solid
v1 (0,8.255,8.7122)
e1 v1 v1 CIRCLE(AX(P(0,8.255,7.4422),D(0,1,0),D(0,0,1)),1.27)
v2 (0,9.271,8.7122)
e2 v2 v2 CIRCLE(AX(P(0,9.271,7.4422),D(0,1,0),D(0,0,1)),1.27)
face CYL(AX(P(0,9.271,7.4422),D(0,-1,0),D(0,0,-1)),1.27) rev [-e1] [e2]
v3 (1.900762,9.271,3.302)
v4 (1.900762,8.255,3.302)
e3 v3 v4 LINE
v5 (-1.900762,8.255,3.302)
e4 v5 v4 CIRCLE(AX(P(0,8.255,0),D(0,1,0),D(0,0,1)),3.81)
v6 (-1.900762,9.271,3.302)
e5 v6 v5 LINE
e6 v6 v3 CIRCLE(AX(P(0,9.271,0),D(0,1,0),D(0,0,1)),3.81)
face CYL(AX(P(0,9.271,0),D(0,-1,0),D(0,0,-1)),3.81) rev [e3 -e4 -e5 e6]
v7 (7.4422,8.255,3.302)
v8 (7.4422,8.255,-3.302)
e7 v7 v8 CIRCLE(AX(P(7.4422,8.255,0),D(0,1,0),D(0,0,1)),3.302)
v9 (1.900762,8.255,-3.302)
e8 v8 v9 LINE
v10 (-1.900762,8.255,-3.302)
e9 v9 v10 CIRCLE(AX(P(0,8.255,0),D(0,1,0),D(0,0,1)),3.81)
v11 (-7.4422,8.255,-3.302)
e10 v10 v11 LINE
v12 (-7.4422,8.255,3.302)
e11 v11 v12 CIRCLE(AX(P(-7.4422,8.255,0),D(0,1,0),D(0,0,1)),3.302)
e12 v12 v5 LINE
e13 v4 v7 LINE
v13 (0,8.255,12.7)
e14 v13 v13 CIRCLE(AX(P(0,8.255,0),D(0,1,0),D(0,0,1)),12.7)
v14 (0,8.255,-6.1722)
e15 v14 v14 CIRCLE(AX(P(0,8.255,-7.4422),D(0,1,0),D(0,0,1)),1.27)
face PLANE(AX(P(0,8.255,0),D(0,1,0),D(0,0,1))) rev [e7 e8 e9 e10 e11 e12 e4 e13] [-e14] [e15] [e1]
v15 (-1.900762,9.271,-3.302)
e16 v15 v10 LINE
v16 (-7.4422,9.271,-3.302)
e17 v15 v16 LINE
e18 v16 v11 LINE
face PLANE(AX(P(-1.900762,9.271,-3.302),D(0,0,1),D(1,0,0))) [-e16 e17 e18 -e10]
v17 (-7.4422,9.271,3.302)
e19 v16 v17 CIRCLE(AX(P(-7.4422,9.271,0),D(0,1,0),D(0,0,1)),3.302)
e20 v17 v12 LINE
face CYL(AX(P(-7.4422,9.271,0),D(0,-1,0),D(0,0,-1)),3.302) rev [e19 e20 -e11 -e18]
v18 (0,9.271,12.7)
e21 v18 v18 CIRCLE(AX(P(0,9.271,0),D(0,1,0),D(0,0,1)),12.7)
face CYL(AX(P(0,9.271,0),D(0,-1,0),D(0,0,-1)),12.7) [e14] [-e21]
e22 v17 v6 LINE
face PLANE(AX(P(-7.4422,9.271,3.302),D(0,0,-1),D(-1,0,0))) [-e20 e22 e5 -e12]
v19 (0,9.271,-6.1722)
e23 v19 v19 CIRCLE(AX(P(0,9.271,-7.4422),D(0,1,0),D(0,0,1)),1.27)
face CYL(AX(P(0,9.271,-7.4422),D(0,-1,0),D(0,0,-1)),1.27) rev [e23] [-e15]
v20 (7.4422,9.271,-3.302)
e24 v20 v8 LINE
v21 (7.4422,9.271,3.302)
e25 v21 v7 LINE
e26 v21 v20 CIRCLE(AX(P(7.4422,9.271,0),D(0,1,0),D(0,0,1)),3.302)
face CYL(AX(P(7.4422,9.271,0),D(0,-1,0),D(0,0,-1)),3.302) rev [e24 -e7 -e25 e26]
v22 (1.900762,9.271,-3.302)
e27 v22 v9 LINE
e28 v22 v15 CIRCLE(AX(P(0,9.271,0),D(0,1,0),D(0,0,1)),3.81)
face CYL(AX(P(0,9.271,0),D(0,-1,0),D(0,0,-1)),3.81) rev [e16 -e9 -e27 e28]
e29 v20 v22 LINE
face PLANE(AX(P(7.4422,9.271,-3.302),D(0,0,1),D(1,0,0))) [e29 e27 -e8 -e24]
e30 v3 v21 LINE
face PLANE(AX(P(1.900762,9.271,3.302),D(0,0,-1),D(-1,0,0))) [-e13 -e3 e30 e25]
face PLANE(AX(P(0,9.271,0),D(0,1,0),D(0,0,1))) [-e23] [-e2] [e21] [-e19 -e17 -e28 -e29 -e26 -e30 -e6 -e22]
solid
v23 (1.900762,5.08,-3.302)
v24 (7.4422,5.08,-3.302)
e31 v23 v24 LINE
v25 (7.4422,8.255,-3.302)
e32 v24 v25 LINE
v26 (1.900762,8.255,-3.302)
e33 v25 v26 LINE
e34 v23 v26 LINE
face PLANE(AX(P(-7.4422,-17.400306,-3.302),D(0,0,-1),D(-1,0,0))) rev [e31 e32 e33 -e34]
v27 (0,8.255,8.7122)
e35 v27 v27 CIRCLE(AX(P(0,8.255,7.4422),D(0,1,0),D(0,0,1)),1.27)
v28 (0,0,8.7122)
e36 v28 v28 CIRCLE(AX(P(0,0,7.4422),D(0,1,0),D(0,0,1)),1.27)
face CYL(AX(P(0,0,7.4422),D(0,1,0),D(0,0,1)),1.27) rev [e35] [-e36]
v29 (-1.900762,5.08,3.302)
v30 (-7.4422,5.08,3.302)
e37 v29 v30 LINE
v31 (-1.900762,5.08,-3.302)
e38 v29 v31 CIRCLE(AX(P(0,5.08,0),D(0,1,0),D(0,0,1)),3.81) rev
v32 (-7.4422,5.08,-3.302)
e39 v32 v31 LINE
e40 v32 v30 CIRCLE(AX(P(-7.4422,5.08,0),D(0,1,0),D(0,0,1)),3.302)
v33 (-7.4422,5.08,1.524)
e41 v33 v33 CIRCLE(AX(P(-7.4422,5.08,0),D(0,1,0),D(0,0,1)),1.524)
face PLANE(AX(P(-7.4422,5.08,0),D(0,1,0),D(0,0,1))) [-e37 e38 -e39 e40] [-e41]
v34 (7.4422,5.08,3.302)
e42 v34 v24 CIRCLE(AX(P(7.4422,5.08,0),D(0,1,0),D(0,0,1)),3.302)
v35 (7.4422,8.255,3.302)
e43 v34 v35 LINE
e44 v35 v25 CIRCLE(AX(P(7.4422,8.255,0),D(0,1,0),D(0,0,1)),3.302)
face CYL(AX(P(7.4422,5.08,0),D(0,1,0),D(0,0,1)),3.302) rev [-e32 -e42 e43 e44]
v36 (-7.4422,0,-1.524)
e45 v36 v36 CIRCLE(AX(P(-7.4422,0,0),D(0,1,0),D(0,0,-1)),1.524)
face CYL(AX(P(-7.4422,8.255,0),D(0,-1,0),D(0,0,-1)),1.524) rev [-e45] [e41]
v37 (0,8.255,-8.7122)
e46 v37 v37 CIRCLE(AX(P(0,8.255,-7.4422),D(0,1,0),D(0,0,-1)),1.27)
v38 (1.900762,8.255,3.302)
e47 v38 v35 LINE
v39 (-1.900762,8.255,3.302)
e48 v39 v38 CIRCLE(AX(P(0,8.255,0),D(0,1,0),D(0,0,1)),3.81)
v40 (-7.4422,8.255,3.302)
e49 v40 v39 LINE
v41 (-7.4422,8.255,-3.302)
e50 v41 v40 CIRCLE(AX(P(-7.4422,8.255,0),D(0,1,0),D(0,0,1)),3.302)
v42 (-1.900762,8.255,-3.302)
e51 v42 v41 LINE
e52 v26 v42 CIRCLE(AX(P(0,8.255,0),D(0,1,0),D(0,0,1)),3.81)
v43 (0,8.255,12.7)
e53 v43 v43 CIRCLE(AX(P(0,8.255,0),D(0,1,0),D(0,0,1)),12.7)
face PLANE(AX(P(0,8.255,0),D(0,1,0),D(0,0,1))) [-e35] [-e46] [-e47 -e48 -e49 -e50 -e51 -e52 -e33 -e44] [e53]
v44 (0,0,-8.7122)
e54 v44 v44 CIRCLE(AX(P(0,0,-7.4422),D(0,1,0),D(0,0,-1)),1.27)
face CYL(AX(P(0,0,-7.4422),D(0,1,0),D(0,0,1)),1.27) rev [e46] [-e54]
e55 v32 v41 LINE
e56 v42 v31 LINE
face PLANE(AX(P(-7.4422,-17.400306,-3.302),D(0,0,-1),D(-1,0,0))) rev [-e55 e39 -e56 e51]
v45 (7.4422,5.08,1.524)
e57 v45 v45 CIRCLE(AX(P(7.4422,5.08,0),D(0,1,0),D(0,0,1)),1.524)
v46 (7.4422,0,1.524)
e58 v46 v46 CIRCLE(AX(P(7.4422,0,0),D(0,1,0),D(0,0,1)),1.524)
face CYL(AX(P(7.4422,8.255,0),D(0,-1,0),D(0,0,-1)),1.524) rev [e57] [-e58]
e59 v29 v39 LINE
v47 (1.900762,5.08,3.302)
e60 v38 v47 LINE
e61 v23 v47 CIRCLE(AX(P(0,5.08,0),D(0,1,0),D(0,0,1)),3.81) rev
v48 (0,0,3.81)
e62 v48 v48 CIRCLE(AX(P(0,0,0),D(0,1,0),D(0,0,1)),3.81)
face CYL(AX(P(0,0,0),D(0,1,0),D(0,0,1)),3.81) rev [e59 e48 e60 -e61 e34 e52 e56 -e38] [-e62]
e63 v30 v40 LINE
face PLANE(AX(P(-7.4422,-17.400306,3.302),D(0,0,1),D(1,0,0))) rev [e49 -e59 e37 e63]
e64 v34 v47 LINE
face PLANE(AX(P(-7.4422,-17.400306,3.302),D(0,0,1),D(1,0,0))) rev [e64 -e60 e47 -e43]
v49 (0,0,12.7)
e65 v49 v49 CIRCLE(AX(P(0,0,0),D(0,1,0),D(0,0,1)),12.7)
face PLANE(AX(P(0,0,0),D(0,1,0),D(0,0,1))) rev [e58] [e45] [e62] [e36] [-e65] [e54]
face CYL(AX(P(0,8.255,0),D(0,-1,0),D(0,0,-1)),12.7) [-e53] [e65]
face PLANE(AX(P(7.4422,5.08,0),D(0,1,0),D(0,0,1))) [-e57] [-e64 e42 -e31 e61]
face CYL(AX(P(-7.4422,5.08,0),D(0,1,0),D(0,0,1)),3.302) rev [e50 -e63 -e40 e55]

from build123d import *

# Parameters (mm, degrees)
SKETCH1_R           = 12.7
SKETCH1_R_2         = 1.524
BOSS_EXTRUDE1_DEPTH = 8.255
SKETCH2_R           = 3.302
CUT_EXTRUDE_R_DEPTH = 3.175
SKETCH3_R           = 1.27
CUT_EXTRUDE2_DEPTH  = 9.255
SKETCH4_R           = 3.81
CUT_EXTRUDE3_DEPTH  = 9.255
CUT_EXTRUDE4_DEPTH  = 3.175
SKETCH6_R           = 12.7
SKETCH6_R_2         = 1.27
EXTRA_HEIGHT_DEPTH  = 1.016


with BuildPart() as part:
    # Sketch1 → Boss-Extrude1 (new body)
    with BuildSketch(Plane(origin=(0, 0, 0), x_dir=(1, 0, 0), z_dir=(0, 1, 0))):
        Circle(SKETCH1_R)
        with Locations((7.4422, 0)):
            Circle(SKETCH1_R_2, mode=Mode.SUBTRACT)
        with Locations((-7.4422, 0)):
            Circle(SKETCH1_R_2, mode=Mode.SUBTRACT)
    extrude(amount=BOSS_EXTRUDE1_DEPTH)

    # Sketch2 → Cut-Extrude r (cut)
    with BuildSketch(Plane(origin=(0, 8.255, 0), x_dir=(1, 0, 0), z_dir=(0, 1, 0))):
        with Locations((-7.4422, 0)):
            Circle(SKETCH2_R)
        with Locations((7.4422, 0)):
            Circle(SKETCH2_R)
    extrude(amount=-CUT_EXTRUDE_R_DEPTH, mode=Mode.SUBTRACT)

    # Sketch3 → Cut-Extrude2 (cut, through all)
    with BuildSketch(Plane(origin=(0, 8.255, 0), x_dir=(1, 0, 0), z_dir=(0, 1, 0))):
        with Locations((0, -7.4422)):
            Circle(SKETCH3_R)
        with Locations((0, 7.4422)):
            Circle(SKETCH3_R)
    extrude(amount=-CUT_EXTRUDE2_DEPTH, mode=Mode.SUBTRACT)

    # Sketch4 → Cut-Extrude3 (cut, through all)
    with BuildSketch(Plane(origin=(0, 8.255, 0), x_dir=(1, 0, 0), z_dir=(0, 1, 0))):
        Circle(SKETCH4_R)
    extrude(amount=-CUT_EXTRUDE3_DEPTH, mode=Mode.SUBTRACT)

    # Sketch5 → Cut-Extrude4 (cut)
    with BuildSketch(Plane(origin=(0, 8.255, 0), x_dir=(1, 0, 0), z_dir=(0, 1, 0))):
        with BuildLine():
            Line((-7.4422, 3.302), (7.4422, 3.302))
            ThreePointArc((7.4422, 3.302), (10.7442, 0), (7.4422, -3.302))
            Line((7.4422, -3.302), (-7.4422, -3.302))
            ThreePointArc((-7.4422, -3.302), (-10.7442, 0), (-7.4422, 3.302))
        make_face()
    extrude(amount=-CUT_EXTRUDE4_DEPTH, mode=Mode.SUBTRACT)


with BuildPart() as body_2:
    # Sketch6 → Extra_Height (new body)
    with BuildSketch(Plane(origin=(0, 8.255, 0), x_dir=(1, 0, 0), z_dir=(0, 1, 0))):
        Circle(SKETCH6_R)
        with Locations((0, -7.4422)):
            Circle(SKETCH6_R_2, mode=Mode.SUBTRACT)
        with Locations((0, 7.4422)):
            Circle(SKETCH6_R_2, mode=Mode.SUBTRACT)
        with BuildLine():
            Line((-1.900761952, 3.302), (-7.4422, 3.302))
            ThreePointArc((-7.4422, 3.302), (-10.7442, 0), (-7.4422, -3.302))
            Line((-7.4422, -3.302), (-1.900761952, -3.302))
            ThreePointArc((-1.900761952, -3.302), (0, -3.81), (1.900761952, -3.302))
            Line((1.900761952, -3.302), (7.4422, -3.302))
            ThreePointArc((7.4422, -3.302), (10.7442, 0), (7.4422, 3.302))
            Line((7.4422, 3.302), (1.900761952, 3.302))
            ThreePointArc((1.900761952, 3.302), (0, 3.81), (-1.900761952, 3.302))
        make_face(mode=Mode.SUBTRACT)
    extrude(amount=EXTRA_HEIGHT_DEPTH)


solid = Compound([part.part, body_2.part])
